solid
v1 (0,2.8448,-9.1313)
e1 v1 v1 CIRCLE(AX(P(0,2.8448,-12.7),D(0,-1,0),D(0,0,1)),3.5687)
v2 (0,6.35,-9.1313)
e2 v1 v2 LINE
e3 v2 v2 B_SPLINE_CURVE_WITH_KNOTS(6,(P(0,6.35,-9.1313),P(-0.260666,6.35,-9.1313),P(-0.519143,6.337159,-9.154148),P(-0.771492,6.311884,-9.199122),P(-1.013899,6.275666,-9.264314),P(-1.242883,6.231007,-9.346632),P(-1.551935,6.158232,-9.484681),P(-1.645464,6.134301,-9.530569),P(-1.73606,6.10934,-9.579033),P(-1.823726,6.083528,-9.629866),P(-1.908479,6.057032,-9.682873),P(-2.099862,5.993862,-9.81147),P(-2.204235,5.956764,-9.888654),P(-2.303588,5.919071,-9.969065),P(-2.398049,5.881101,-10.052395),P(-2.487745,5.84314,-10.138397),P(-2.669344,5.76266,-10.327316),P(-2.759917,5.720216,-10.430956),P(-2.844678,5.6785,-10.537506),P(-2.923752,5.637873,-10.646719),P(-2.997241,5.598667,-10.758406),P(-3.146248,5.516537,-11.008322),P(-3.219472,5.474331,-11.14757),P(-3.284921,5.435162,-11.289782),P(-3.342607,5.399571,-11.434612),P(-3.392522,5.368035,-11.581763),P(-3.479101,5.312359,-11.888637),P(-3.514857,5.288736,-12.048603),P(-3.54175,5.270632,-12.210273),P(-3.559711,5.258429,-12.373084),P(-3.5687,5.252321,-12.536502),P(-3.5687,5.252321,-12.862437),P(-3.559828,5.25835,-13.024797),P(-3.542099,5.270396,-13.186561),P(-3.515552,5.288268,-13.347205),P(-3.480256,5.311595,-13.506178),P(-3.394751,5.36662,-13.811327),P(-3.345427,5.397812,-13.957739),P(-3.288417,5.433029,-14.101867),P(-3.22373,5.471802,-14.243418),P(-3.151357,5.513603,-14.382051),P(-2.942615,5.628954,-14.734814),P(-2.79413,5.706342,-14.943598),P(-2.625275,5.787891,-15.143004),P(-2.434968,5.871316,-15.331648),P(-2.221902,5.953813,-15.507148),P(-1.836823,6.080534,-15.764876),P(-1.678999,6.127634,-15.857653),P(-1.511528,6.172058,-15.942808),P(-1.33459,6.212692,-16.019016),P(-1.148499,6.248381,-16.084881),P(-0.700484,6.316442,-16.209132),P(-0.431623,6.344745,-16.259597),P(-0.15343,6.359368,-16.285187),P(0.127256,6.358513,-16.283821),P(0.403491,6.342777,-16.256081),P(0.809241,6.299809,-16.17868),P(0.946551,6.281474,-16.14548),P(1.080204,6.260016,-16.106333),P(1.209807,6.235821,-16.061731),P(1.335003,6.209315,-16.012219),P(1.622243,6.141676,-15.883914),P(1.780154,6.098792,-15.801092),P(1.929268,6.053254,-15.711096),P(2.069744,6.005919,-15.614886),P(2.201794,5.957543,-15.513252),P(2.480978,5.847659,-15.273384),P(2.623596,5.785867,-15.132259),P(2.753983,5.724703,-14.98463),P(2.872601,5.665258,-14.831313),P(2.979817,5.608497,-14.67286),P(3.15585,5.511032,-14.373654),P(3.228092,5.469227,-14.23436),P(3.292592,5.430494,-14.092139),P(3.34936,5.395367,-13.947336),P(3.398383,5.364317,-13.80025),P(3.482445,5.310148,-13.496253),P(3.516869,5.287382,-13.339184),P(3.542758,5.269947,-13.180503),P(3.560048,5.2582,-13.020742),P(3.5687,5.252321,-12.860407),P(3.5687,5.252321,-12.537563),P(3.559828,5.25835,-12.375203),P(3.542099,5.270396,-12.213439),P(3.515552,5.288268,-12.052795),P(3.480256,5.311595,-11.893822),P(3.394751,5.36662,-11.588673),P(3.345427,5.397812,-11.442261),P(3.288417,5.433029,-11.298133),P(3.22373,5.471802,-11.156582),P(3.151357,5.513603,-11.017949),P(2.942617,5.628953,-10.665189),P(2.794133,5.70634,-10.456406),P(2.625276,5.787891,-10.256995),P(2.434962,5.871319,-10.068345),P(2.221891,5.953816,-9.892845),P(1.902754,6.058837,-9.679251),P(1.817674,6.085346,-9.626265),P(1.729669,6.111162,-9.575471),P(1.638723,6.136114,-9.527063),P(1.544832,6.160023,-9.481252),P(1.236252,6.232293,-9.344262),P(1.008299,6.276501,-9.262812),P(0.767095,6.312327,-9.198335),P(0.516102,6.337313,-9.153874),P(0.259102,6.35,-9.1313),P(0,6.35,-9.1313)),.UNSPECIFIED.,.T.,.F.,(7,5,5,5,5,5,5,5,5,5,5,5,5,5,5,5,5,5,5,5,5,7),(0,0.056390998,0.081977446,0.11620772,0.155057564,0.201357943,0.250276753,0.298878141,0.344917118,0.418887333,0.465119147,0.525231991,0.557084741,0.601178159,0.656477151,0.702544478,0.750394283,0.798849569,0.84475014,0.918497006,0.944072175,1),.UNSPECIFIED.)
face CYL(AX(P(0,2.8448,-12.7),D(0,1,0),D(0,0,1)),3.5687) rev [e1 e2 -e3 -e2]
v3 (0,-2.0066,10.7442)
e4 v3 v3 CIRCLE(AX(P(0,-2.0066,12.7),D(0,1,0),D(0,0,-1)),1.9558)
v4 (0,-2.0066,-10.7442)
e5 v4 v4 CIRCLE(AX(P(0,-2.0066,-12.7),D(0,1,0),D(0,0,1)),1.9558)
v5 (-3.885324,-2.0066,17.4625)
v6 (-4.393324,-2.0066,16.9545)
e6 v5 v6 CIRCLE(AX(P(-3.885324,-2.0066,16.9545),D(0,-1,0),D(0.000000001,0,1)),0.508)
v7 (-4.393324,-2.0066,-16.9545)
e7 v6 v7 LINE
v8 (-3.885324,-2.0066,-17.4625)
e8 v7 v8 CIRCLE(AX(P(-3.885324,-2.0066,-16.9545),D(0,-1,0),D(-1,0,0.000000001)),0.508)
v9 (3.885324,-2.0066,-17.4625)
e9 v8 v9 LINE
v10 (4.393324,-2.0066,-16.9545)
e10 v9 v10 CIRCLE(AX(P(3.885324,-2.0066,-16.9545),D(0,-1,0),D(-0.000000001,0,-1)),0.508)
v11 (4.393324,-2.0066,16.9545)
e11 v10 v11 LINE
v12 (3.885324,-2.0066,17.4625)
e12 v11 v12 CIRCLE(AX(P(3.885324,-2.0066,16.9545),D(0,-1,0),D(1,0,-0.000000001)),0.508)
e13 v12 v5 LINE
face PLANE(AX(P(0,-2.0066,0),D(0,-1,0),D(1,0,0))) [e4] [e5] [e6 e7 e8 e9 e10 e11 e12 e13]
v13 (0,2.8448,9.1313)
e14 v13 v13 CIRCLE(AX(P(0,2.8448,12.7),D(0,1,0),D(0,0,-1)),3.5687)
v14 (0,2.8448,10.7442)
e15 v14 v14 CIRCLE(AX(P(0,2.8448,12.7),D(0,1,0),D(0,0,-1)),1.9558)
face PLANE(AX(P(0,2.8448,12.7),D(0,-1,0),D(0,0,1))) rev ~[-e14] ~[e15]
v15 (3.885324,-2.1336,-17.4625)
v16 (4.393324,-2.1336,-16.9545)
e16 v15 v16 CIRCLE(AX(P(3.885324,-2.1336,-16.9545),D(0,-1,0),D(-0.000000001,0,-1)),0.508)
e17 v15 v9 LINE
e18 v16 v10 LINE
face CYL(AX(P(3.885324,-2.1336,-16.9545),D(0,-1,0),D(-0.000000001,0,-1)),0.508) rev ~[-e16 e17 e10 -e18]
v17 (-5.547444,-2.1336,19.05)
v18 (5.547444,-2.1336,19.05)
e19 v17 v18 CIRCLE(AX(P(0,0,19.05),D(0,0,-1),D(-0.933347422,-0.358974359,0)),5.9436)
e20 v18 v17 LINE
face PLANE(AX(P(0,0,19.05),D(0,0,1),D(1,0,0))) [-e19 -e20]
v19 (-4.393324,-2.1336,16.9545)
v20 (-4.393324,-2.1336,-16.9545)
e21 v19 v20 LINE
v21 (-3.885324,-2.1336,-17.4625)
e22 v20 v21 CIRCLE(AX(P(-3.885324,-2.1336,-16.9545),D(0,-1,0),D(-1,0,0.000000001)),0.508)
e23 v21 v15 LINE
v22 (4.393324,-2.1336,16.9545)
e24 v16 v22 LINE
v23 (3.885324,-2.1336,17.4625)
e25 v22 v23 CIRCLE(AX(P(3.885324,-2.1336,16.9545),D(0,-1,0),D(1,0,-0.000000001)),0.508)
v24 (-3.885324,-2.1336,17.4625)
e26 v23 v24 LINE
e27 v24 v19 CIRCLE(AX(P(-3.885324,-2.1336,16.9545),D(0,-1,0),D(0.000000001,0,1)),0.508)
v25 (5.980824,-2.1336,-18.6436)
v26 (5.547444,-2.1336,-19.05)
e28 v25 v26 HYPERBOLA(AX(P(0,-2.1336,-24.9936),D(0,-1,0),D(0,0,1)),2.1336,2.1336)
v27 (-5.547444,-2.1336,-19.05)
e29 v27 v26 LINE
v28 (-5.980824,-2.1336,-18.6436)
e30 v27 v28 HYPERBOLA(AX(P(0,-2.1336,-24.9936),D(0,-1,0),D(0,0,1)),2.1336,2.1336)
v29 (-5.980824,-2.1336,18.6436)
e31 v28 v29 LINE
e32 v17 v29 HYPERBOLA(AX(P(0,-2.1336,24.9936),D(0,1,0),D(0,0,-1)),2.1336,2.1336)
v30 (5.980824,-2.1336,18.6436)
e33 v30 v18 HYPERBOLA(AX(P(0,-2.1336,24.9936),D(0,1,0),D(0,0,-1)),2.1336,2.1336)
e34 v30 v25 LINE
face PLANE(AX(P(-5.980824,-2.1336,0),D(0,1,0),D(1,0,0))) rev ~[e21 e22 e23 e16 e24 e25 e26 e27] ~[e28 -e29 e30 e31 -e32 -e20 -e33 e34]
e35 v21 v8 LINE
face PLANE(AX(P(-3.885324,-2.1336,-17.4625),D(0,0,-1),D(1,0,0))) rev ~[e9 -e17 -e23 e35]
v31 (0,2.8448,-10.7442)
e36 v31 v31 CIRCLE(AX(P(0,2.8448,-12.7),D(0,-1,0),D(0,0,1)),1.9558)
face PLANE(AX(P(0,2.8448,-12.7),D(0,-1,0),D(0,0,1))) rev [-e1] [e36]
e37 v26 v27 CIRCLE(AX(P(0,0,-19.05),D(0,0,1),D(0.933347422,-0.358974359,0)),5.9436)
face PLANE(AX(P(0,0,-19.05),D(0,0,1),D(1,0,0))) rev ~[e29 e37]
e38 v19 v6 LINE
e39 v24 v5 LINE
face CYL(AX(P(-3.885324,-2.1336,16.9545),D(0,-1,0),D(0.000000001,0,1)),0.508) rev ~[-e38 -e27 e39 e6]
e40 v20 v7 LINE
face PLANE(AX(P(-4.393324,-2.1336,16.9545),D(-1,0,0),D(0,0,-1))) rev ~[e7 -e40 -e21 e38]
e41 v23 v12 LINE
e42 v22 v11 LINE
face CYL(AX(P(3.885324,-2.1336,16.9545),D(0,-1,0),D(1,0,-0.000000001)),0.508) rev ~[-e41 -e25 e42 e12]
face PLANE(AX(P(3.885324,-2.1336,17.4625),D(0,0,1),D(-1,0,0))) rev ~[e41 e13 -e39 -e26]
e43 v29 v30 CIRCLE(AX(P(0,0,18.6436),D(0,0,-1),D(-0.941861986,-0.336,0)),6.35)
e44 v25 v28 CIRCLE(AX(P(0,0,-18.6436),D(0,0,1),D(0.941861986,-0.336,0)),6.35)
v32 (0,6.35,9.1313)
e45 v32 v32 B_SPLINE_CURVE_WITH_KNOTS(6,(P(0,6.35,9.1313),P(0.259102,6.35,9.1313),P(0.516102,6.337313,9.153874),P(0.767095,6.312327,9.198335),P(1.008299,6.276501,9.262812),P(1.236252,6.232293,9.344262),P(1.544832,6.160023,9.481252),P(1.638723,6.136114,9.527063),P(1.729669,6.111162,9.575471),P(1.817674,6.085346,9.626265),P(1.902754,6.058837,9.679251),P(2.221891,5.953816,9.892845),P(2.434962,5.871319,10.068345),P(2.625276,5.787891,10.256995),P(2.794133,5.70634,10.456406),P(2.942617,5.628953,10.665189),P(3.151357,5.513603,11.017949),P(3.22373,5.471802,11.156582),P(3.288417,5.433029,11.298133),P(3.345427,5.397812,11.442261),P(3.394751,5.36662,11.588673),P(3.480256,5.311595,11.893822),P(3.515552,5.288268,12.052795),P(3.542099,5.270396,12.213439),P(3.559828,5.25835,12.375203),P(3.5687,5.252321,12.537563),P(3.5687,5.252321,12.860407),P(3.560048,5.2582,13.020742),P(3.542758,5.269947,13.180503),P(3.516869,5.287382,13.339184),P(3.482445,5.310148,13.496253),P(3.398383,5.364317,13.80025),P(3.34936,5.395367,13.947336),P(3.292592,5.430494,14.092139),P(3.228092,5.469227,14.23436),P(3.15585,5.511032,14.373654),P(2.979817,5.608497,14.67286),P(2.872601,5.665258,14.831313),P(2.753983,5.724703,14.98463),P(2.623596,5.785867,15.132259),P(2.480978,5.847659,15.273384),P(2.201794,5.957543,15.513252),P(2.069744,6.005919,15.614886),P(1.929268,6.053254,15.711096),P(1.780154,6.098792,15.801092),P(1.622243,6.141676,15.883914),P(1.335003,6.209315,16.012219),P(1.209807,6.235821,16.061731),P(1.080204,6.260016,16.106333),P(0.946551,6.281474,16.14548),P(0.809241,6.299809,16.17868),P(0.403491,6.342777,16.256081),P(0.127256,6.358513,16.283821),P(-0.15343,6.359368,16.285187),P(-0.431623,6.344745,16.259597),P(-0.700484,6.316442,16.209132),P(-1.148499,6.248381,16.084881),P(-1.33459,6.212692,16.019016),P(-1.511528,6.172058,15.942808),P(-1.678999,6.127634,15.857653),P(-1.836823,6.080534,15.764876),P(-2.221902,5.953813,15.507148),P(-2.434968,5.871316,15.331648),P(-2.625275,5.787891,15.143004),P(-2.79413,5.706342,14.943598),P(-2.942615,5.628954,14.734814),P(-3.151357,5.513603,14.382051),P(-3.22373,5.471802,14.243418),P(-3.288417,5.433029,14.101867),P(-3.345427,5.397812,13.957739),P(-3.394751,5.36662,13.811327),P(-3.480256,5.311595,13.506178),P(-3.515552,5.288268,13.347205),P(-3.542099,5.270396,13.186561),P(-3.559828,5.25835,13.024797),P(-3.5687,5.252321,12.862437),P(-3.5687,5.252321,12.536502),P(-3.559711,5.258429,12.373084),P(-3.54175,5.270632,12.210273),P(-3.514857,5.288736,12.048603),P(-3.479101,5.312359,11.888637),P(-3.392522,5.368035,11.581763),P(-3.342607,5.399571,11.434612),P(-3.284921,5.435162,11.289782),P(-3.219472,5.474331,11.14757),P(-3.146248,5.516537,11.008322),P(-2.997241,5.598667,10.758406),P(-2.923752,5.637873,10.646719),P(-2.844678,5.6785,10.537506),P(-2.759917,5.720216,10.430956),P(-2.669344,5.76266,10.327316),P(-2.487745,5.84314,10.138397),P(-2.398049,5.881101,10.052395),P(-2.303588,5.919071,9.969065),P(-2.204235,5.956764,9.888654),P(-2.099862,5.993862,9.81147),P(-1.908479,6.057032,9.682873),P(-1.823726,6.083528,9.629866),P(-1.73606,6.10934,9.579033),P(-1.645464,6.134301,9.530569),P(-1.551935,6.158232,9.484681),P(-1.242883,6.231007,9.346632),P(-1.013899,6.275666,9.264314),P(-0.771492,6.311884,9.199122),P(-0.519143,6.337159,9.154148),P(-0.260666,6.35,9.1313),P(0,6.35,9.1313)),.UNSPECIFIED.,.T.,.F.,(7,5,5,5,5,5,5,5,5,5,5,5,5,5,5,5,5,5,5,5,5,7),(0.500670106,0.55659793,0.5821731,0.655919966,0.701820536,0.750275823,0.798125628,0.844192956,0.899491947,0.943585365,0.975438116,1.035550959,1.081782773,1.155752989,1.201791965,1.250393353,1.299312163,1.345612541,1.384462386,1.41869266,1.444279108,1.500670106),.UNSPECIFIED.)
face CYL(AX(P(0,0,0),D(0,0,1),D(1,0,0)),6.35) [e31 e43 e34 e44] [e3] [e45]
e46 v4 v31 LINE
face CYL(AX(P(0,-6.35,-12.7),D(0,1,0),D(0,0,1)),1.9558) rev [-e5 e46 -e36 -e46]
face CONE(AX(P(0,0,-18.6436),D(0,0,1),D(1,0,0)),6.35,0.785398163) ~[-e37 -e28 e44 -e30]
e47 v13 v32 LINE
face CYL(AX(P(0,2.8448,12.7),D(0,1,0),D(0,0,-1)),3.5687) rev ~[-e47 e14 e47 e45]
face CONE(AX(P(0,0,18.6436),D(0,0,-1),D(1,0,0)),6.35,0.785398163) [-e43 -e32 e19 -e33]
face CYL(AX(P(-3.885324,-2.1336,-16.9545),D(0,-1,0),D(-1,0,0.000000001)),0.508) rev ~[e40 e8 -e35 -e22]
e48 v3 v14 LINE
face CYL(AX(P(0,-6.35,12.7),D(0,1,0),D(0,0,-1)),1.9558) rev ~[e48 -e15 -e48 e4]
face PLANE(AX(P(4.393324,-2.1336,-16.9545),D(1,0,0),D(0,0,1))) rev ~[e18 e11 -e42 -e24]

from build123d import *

# Parameters (mm, degrees)
SKETCH1_R            = 6.35
EXTRUDE1_DEPTH       = 19.05
CHAMFER1_SIZE        = 0.4064
TRUNCATED_DEPTH      = 20.05
TRUNCATED_DEPTH_BACK = 20.05
RECESSED_DEPTH       = 0.127


with BuildPart() as part:
    # Sketch1 → Extrude1 (new body, symmetric)
    with BuildSketch(Plane.XY):
        Circle(SKETCH1_R)
    extrude(amount=EXTRUDE1_DEPTH, both=True)

    # Chamfer1
    chamfer1_edges = [part.edges().sort_by_distance(p)[0] for p in [
        (-6.35, 0, -19.05),
        (-6.35, 0, 19.05),
    ]]
    chamfer(chamfer1_edges, length=CHAMFER1_SIZE)

    # Sketch2 → Truncated (cut, two sides)
    with BuildSketch(Plane.XY) as truncated_sk:
        with BuildLine():
            Line((-5.980823609, -2.1336), (5.980823609, -2.1336))
            ThreePointArc((5.980823609, -2.1336), (0, -6.35), (-5.980823609, -2.1336))
        make_face()
    extrude(amount=TRUNCATED_DEPTH, mode=Mode.SUBTRACT)
    extrude(truncated_sk.sketch, amount=-TRUNCATED_DEPTH_BACK, mode=Mode.SUBTRACT)

    # Sketch3 → Recessed (cut)
    with BuildSketch(Plane.XZ.offset(2.1336)):
        with BuildLine():
            Line((3.885323609, 17.4625), (-3.885323609, 17.4625))
            ThreePointArc((-3.885323609, 17.4625), (-4.244533854, 17.313710245), (-4.393323609, 16.9545))
            Line((-4.393323609, 16.9545), (-4.393323609, -16.9545))
            ThreePointArc((-4.393323609, -16.9545), (-4.244533854, -17.313710245), (-3.885323609, -17.4625))
            Line((-3.885323609, -17.4625), (3.885323609, -17.4625))
            ThreePointArc((3.885323609, -17.4625), (4.244533854, -17.313710245), (4.393323609, -16.9545))
            Line((4.393323609, -16.9545), (4.393323609, 16.9545))
            ThreePointArc((4.393323609, 16.9545), (4.244533854, 17.313710245), (3.885323609, 17.4625))
        make_face()
    extrude(amount=-RECESSED_DEPTH, mode=Mode.SUBTRACT)

    # Sketch5 → CtBored Hole Cut-Revolve1 (revolve, cut)
    with BuildSketch(Plane(origin=(0, 0, 0), x_dir=(0, 0, -1), z_dir=(1, 0, 0)), mode=Mode.PRIVATE) as ctbored_hole_cut_revolve1_sk:
        Polygon((14.6558, -6.35), (14.6558, 2.8448), (16.2687, 2.8448), (16.2687, 6.35), (12.7, 6.35), (12.7, -6.35), align=None)
    ctbored_hole_cut_revolve1 = revolve(ctbored_hole_cut_revolve1_sk.sketch.rotate(Axis((0, 11.226654631, -12.7), (0, -1, 0)), 180), axis=Axis((0, 11.226654631, -12.7), (0, -1, 0)), mode=Mode.SUBTRACT)  # turned: the seam where the file's is

    # CtBored Hole Mirror1: CtBored Hole Cut-Revolve1 across plane
    add(ctbored_hole_cut_revolve1.mirror(Plane.XY), mode=Mode.SUBTRACT)


solid = part.part
